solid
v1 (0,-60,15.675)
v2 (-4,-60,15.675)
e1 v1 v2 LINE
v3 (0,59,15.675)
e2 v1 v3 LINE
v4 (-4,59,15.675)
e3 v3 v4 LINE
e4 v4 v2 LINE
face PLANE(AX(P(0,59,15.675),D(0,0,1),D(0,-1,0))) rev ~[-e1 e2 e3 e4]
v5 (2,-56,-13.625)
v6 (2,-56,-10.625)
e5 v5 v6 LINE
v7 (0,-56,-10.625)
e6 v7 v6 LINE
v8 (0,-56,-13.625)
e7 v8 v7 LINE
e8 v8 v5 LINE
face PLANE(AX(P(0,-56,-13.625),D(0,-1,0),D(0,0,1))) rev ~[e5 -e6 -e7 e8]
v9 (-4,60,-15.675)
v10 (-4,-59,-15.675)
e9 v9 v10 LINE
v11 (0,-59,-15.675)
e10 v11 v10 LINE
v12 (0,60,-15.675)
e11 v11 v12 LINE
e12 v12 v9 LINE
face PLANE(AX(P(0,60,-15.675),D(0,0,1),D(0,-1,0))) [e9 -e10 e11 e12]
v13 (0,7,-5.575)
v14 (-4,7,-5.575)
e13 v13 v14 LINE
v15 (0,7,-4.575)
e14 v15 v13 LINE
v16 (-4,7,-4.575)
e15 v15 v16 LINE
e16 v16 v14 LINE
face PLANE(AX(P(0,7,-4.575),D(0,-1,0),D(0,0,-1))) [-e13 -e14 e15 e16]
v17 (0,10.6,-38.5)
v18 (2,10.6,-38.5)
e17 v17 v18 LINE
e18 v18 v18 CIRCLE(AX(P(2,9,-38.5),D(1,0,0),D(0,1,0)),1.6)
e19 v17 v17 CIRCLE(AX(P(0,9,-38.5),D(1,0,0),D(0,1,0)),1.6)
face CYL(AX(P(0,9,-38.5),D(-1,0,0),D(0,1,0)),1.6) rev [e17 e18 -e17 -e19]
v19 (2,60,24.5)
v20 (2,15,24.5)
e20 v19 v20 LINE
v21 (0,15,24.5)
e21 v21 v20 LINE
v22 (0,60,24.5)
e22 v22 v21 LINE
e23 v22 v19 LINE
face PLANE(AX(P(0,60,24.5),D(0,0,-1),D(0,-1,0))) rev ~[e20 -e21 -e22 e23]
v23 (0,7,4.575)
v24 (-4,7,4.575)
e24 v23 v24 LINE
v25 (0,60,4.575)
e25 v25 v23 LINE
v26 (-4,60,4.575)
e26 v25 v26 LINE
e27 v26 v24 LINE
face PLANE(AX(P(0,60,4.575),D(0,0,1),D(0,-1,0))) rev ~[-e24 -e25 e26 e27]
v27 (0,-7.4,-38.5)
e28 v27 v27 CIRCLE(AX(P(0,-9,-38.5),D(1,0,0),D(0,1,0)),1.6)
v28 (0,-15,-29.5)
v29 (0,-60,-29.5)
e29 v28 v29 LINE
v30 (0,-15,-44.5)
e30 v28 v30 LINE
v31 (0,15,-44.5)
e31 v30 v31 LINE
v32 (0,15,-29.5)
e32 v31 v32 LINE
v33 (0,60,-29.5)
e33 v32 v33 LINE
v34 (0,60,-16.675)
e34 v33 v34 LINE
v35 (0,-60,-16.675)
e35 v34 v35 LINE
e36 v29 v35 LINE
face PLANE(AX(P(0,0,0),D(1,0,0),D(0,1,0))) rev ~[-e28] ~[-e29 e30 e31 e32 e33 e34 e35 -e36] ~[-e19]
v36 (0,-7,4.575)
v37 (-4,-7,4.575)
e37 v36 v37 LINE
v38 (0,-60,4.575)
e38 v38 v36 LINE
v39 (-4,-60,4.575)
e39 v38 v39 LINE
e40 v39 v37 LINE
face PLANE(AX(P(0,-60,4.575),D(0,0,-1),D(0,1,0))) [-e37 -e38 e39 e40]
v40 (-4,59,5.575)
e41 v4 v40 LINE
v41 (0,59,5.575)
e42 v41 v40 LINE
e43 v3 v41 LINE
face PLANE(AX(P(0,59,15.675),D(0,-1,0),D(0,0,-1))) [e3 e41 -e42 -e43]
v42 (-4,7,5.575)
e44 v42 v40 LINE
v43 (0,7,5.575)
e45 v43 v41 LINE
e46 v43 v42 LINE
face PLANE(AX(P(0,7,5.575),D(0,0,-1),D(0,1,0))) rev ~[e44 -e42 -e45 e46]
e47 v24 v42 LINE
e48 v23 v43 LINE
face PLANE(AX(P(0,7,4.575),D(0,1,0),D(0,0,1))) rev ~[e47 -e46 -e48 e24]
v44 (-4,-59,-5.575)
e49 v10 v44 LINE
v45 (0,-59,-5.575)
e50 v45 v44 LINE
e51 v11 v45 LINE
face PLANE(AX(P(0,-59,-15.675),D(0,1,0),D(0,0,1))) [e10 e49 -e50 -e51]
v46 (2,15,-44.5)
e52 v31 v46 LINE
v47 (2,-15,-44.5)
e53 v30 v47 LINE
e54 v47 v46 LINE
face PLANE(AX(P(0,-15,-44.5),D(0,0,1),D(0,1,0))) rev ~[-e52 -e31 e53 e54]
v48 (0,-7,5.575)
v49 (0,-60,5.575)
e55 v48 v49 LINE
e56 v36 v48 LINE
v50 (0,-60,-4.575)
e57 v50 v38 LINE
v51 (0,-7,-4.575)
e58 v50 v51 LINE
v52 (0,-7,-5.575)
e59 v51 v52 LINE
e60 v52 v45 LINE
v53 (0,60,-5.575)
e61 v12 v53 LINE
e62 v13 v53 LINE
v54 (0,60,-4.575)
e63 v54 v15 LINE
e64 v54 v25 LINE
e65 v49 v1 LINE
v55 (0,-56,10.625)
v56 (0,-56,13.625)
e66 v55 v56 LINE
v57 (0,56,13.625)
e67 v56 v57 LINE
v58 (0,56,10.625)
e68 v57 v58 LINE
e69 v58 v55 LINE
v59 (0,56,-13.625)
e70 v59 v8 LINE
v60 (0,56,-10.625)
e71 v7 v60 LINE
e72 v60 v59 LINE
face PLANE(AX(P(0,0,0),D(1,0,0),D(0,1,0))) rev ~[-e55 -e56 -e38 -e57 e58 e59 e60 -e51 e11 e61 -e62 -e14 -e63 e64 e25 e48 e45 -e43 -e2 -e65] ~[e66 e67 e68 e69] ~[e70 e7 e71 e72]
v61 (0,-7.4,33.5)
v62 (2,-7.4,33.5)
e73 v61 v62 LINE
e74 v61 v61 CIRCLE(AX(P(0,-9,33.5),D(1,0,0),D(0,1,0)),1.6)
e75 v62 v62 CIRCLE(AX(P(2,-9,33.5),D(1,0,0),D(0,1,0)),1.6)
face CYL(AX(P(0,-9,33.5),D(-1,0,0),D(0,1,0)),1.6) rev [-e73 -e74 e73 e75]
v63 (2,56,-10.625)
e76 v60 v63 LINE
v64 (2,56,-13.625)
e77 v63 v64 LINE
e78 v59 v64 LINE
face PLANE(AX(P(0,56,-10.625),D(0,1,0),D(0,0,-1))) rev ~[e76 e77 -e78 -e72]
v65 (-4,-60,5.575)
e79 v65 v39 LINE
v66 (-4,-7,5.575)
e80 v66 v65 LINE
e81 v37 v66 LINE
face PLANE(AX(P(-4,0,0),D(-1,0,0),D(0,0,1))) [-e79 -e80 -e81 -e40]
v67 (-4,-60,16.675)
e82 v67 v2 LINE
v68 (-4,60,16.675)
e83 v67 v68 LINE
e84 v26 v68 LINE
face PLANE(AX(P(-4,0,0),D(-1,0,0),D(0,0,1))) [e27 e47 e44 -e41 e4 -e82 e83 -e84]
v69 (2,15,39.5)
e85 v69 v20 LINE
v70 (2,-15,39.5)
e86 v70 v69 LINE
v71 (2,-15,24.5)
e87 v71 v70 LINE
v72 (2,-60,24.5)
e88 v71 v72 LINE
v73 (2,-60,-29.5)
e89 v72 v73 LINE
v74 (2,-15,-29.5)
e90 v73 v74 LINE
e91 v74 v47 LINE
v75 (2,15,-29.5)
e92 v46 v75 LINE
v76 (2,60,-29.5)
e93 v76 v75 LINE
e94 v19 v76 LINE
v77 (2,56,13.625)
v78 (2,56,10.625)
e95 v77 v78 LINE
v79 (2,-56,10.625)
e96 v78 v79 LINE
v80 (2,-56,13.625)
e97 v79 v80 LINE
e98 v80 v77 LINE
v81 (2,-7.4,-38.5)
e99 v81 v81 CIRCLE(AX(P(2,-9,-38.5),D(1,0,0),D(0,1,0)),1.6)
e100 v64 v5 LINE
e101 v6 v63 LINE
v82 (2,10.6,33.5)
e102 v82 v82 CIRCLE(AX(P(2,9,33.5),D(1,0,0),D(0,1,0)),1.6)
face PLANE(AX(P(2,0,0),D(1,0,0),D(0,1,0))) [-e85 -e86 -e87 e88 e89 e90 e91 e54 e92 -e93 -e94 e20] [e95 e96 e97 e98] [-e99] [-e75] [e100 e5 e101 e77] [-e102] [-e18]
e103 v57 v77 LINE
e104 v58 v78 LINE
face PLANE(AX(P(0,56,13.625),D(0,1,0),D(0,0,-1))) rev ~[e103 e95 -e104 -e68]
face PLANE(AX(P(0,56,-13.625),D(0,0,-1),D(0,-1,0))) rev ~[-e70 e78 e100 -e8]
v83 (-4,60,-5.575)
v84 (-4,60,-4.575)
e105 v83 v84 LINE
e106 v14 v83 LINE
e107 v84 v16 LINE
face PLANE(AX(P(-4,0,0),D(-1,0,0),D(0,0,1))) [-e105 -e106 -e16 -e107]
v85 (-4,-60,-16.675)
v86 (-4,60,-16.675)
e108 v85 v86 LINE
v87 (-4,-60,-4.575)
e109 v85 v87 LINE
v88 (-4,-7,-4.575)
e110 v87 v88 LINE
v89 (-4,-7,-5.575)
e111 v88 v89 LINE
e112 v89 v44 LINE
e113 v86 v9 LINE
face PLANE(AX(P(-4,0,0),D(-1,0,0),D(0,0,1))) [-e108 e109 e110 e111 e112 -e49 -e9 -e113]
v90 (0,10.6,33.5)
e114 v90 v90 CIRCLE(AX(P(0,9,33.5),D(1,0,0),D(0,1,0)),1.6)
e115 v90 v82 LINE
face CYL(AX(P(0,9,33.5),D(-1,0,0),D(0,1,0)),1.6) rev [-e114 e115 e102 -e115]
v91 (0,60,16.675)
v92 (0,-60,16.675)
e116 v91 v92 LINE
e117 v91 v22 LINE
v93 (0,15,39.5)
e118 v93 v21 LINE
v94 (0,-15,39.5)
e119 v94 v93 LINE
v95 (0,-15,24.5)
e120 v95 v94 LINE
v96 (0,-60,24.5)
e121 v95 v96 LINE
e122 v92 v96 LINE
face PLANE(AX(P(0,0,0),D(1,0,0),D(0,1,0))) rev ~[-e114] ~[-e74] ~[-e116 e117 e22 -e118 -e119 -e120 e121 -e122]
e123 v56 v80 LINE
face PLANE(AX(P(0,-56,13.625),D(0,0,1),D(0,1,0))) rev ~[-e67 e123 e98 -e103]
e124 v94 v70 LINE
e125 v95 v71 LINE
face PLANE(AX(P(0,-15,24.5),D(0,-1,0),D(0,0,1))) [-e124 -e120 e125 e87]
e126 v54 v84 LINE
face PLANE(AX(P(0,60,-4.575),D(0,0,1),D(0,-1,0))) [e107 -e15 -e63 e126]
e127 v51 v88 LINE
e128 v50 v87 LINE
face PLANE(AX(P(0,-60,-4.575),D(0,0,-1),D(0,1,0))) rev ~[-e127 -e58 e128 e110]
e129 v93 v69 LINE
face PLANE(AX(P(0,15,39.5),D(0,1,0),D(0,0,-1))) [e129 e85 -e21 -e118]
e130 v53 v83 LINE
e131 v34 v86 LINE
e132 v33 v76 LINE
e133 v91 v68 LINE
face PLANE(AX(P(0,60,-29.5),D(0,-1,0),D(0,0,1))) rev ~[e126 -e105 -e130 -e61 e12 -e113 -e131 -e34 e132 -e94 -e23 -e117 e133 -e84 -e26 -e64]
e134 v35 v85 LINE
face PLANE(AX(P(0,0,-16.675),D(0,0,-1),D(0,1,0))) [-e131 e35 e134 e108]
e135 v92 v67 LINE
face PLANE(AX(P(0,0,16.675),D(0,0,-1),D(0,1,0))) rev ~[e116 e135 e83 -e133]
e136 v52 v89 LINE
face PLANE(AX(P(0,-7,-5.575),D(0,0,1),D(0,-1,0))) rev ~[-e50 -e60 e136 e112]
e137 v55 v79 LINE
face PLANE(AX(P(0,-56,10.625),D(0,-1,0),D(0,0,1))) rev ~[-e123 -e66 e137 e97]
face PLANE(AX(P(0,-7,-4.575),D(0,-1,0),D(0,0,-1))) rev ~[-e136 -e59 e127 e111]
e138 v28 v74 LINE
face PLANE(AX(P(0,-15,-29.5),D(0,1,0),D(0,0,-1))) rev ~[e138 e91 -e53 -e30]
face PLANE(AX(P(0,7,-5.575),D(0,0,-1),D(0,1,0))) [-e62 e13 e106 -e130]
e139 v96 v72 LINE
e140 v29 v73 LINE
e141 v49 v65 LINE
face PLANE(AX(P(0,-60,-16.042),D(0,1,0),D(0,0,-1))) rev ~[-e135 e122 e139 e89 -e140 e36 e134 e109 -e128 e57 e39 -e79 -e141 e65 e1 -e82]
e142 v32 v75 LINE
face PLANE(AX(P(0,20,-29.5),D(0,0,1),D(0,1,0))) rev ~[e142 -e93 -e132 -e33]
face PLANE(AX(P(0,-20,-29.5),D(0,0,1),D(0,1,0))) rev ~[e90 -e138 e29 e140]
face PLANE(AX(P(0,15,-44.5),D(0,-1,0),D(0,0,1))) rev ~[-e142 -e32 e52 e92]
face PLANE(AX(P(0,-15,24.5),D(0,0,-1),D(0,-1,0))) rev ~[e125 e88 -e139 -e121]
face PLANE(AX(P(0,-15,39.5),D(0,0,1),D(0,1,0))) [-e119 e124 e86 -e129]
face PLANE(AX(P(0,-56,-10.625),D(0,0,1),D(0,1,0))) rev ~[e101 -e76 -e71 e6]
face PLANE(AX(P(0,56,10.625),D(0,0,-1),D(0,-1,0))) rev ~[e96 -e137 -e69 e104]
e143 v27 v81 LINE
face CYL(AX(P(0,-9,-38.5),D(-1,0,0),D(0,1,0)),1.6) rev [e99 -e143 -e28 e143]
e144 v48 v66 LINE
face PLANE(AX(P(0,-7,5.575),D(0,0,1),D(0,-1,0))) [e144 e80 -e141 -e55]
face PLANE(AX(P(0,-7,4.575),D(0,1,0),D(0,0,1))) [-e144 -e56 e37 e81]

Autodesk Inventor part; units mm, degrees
ref_plane "YZ Plane" through (0, 0, 0) normal (1, 0, 0) x (0, 1, 0)
ref_plane "XZ Plane" through (0, 0, 0) normal (0, 1, 0) x (-1, 0, 0)
ref_plane "XY Plane" through (0, 0, 0) normal (0, 0, 1) x (1, 0, 0)
sketch "スケッチ1" plane through (0, 0, 0) normal (1, 0, 0) x (0, 1, 0)
  line L0 (60, -16.042) -> (-60, -16.042)
  line L1 (-60, -16.042) -> (-60, 16.042)
  line L2 (-60, 16.042) -> (60, 16.042)
  line L3 (60, 16.042) -> (60, -16.042)
  line L4 (60, -16.042) -> (-60, 16.042) construction
  line L5 (-60, -16.042) -> (60, 16.042) construction
  line L6 (-56, 13.625) -> (56, 13.625)
  line L7 (56, 13.625) -> (56, 10.625)
  line L8 (56, 10.625) -> (-56, 10.625)
  line L9 (-56, 10.625) -> (-56, 13.625)
  line L10 (-56, -10.625) -> (56, -10.625)
  line L11 (56, -10.625) -> (56, -13.625)
  line L12 (56, -13.625) -> (-56, -13.625)
  line L13 (-56, -13.625) -> (-56, -10.625)
  line L14 (60, -16.042) -> (-60, -16.042)
  line L15 (-60, -16.042) -> (-60, -29.5)
  line L16 (-60, -29.5) -> (60, -29.5)
  line L17 (60, -29.5) -> (60, -16.042)
  line L18 (-60, 16.042) -> (60, 16.042)
  line L19 (60, 16.042) -> (60, 24.5)
  line L20 (60, 24.5) -> (-60, 24.5)
  line L21 (-60, 24.5) -> (-60, 16.042)
  line L22 (15, 24.5) -> (-15, 24.5)
  line L23 (-15, 24.5) -> (-15, 39.5)
  line L24 (-15, 39.5) -> (15, 39.5)
  line L25 (15, 39.5) -> (15, 24.5)
  line L26 (20, -29.5) -> (10, -29.5)
  line L27 (-10, -29.5) -> (-20, -29.5)
  circle A0 centre (9, 33.5) radius 1.6
  circle A1 centre (-9, 33.5) radius 1.6
  line L28 (60, 0) -> (-60, 0)
  line L29 (15, -29.5) -> (-15, -29.5)
  line L30 (-15, -29.5) -> (-15, -44.5)
  line L31 (-15, -44.5) -> (15, -44.5)
  line L32 (15, -44.5) -> (15, -29.5)
  circle A2 centre (-9, -38.5) radius 1.6
  circle A3 centre (9, -38.5) radius 1.6
  point P0 (0, 0)
  point P1 (0, 0)
  point P2 (56, 12.125)
  point P3 (56, -12.125)
  point P4 (0, 0)
  point P5 (-15, 24.5)
  point P6 (-15, -29.5)
  dimension "d1" = 120
  dimension "d3" = 12.125
  dimension "d6" = 3
  dimension "d11" = 12.125
  dimension "d15" = 2.417
  dimension "d26" = 4
  dimension "d27" = 4
  dimension "d41" = 29.5
  dimension "d53" = 54
  dimension "d72" = 15
  dimension "d74" = 15
  dimension "d75" = 30
  dimension "d79" = 6
  dimension "d80" = 3.2
  dimension "d92" = 18
  dimension "d97" = 15
  dimension "d101" = 72
  dimension "d106" = 9
extrude "押し出し1" add sketch "スケッチ1" along normal blind 2
sketch "スケッチ3" plane through (0, 0, 0) normal (-1, 0, 0) x (0, 0, 1)
  line L0 (-29.5, 60) -> (24.5, 60) projected
  line L1 (5.575, 60) -> (4.575, 60)
  line L2 (4.575, 60) -> (4.575, 7)
  line L3 (4.575, 7) -> (5.575, 7)
  line L4 (5.575, 7) -> (5.575, 60)
  line L5 (16.675, 60) -> (15.675, 60)
  line L6 (15.675, 60) -> (15.675, 0)
  line L7 (15.675, 0) -> (16.675, 0)
  line L8 (16.675, 0) -> (16.675, 60)
  line L9 (0, 0) -> (4.575, 0)
  line L10 (0, 0) -> (0, 19.0491)
  line L11 (5.575, -60) -> (4.575, -60)
  line L12 (4.575, -60) -> (4.575, -7)
  line L13 (4.575, -7) -> (5.575, -7)
  line L14 (5.575, -7) -> (5.575, -60)
  line L15 (16.675, -60) -> (15.675, -60)
  line L16 (15.675, -60) -> (15.675, 0)
  line L17 (16.675, 0) -> (16.675, -60)
  line L18 (-5.575, 60) -> (-4.575, 60)
  line L19 (-4.575, 60) -> (-4.575, 7)
  line L20 (-4.575, 7) -> (-5.575, 7)
  line L21 (-5.575, 7) -> (-5.575, 60)
  line L22 (-16.675, 60) -> (-15.675, 60)
  line L23 (-15.675, 60) -> (-15.675, 0)
  line L24 (-15.675, 0) -> (-16.675, 0)
  line L25 (-16.675, 0) -> (-16.675, 60)
  line L26 (-5.575, -60) -> (-4.575, -60)
  line L27 (-4.575, -60) -> (-4.575, -7)
  line L28 (-4.575, -7) -> (-5.575, -7)
  line L29 (-5.575, -7) -> (-5.575, -60)
  line L30 (-16.675, -60) -> (-15.675, -60)
  line L31 (-15.675, -60) -> (-15.675, 0)
  line L32 (-16.675, 0) -> (-16.675, -60)
  line L33 (5.575, 60) -> (15.675, 60)
  line L34 (15.675, 60) -> (15.675, 59)
  line L35 (15.675, 59) -> (5.575, 59)
  line L36 (5.575, 59) -> (5.575, 60)
  line L37 (-5.575, -60) -> (-15.675, -60)
  line L38 (-15.675, -60) -> (-15.675, -59)
  line L39 (-15.675, -59) -> (-5.575, -59)
  line L40 (-5.575, -59) -> (-5.575, -60)
  point P0 (-15.675, 60)
  point P1 (-16.675, 60)
  point P2 (15.675, 60)
  point P3 (0, 9.5245)
  point P4 (-5.575, -59)
  point P5 (5.575, 59)
  dimension "d31" = 1
  dimension "d33" = 1
  dimension "d34" = 60
  dimension "d35" = 10.1
  dimension "d36" = 7
  dimension "d61" = 5.575
  dimension "d62" = 1
  dimension "d63" = 1
extrude "押し出し4" add sketch "スケッチ3" along normal blind 4
equation "\"d74\" = 0.5 * d75"
equation "\"d2\" = 0.25 * d0"
equation "\"d73\" = d72"
equation "\"d78\" = 0.5 * d72"
equation "\"d0\" = 30"
properties part number "hand_box1"
